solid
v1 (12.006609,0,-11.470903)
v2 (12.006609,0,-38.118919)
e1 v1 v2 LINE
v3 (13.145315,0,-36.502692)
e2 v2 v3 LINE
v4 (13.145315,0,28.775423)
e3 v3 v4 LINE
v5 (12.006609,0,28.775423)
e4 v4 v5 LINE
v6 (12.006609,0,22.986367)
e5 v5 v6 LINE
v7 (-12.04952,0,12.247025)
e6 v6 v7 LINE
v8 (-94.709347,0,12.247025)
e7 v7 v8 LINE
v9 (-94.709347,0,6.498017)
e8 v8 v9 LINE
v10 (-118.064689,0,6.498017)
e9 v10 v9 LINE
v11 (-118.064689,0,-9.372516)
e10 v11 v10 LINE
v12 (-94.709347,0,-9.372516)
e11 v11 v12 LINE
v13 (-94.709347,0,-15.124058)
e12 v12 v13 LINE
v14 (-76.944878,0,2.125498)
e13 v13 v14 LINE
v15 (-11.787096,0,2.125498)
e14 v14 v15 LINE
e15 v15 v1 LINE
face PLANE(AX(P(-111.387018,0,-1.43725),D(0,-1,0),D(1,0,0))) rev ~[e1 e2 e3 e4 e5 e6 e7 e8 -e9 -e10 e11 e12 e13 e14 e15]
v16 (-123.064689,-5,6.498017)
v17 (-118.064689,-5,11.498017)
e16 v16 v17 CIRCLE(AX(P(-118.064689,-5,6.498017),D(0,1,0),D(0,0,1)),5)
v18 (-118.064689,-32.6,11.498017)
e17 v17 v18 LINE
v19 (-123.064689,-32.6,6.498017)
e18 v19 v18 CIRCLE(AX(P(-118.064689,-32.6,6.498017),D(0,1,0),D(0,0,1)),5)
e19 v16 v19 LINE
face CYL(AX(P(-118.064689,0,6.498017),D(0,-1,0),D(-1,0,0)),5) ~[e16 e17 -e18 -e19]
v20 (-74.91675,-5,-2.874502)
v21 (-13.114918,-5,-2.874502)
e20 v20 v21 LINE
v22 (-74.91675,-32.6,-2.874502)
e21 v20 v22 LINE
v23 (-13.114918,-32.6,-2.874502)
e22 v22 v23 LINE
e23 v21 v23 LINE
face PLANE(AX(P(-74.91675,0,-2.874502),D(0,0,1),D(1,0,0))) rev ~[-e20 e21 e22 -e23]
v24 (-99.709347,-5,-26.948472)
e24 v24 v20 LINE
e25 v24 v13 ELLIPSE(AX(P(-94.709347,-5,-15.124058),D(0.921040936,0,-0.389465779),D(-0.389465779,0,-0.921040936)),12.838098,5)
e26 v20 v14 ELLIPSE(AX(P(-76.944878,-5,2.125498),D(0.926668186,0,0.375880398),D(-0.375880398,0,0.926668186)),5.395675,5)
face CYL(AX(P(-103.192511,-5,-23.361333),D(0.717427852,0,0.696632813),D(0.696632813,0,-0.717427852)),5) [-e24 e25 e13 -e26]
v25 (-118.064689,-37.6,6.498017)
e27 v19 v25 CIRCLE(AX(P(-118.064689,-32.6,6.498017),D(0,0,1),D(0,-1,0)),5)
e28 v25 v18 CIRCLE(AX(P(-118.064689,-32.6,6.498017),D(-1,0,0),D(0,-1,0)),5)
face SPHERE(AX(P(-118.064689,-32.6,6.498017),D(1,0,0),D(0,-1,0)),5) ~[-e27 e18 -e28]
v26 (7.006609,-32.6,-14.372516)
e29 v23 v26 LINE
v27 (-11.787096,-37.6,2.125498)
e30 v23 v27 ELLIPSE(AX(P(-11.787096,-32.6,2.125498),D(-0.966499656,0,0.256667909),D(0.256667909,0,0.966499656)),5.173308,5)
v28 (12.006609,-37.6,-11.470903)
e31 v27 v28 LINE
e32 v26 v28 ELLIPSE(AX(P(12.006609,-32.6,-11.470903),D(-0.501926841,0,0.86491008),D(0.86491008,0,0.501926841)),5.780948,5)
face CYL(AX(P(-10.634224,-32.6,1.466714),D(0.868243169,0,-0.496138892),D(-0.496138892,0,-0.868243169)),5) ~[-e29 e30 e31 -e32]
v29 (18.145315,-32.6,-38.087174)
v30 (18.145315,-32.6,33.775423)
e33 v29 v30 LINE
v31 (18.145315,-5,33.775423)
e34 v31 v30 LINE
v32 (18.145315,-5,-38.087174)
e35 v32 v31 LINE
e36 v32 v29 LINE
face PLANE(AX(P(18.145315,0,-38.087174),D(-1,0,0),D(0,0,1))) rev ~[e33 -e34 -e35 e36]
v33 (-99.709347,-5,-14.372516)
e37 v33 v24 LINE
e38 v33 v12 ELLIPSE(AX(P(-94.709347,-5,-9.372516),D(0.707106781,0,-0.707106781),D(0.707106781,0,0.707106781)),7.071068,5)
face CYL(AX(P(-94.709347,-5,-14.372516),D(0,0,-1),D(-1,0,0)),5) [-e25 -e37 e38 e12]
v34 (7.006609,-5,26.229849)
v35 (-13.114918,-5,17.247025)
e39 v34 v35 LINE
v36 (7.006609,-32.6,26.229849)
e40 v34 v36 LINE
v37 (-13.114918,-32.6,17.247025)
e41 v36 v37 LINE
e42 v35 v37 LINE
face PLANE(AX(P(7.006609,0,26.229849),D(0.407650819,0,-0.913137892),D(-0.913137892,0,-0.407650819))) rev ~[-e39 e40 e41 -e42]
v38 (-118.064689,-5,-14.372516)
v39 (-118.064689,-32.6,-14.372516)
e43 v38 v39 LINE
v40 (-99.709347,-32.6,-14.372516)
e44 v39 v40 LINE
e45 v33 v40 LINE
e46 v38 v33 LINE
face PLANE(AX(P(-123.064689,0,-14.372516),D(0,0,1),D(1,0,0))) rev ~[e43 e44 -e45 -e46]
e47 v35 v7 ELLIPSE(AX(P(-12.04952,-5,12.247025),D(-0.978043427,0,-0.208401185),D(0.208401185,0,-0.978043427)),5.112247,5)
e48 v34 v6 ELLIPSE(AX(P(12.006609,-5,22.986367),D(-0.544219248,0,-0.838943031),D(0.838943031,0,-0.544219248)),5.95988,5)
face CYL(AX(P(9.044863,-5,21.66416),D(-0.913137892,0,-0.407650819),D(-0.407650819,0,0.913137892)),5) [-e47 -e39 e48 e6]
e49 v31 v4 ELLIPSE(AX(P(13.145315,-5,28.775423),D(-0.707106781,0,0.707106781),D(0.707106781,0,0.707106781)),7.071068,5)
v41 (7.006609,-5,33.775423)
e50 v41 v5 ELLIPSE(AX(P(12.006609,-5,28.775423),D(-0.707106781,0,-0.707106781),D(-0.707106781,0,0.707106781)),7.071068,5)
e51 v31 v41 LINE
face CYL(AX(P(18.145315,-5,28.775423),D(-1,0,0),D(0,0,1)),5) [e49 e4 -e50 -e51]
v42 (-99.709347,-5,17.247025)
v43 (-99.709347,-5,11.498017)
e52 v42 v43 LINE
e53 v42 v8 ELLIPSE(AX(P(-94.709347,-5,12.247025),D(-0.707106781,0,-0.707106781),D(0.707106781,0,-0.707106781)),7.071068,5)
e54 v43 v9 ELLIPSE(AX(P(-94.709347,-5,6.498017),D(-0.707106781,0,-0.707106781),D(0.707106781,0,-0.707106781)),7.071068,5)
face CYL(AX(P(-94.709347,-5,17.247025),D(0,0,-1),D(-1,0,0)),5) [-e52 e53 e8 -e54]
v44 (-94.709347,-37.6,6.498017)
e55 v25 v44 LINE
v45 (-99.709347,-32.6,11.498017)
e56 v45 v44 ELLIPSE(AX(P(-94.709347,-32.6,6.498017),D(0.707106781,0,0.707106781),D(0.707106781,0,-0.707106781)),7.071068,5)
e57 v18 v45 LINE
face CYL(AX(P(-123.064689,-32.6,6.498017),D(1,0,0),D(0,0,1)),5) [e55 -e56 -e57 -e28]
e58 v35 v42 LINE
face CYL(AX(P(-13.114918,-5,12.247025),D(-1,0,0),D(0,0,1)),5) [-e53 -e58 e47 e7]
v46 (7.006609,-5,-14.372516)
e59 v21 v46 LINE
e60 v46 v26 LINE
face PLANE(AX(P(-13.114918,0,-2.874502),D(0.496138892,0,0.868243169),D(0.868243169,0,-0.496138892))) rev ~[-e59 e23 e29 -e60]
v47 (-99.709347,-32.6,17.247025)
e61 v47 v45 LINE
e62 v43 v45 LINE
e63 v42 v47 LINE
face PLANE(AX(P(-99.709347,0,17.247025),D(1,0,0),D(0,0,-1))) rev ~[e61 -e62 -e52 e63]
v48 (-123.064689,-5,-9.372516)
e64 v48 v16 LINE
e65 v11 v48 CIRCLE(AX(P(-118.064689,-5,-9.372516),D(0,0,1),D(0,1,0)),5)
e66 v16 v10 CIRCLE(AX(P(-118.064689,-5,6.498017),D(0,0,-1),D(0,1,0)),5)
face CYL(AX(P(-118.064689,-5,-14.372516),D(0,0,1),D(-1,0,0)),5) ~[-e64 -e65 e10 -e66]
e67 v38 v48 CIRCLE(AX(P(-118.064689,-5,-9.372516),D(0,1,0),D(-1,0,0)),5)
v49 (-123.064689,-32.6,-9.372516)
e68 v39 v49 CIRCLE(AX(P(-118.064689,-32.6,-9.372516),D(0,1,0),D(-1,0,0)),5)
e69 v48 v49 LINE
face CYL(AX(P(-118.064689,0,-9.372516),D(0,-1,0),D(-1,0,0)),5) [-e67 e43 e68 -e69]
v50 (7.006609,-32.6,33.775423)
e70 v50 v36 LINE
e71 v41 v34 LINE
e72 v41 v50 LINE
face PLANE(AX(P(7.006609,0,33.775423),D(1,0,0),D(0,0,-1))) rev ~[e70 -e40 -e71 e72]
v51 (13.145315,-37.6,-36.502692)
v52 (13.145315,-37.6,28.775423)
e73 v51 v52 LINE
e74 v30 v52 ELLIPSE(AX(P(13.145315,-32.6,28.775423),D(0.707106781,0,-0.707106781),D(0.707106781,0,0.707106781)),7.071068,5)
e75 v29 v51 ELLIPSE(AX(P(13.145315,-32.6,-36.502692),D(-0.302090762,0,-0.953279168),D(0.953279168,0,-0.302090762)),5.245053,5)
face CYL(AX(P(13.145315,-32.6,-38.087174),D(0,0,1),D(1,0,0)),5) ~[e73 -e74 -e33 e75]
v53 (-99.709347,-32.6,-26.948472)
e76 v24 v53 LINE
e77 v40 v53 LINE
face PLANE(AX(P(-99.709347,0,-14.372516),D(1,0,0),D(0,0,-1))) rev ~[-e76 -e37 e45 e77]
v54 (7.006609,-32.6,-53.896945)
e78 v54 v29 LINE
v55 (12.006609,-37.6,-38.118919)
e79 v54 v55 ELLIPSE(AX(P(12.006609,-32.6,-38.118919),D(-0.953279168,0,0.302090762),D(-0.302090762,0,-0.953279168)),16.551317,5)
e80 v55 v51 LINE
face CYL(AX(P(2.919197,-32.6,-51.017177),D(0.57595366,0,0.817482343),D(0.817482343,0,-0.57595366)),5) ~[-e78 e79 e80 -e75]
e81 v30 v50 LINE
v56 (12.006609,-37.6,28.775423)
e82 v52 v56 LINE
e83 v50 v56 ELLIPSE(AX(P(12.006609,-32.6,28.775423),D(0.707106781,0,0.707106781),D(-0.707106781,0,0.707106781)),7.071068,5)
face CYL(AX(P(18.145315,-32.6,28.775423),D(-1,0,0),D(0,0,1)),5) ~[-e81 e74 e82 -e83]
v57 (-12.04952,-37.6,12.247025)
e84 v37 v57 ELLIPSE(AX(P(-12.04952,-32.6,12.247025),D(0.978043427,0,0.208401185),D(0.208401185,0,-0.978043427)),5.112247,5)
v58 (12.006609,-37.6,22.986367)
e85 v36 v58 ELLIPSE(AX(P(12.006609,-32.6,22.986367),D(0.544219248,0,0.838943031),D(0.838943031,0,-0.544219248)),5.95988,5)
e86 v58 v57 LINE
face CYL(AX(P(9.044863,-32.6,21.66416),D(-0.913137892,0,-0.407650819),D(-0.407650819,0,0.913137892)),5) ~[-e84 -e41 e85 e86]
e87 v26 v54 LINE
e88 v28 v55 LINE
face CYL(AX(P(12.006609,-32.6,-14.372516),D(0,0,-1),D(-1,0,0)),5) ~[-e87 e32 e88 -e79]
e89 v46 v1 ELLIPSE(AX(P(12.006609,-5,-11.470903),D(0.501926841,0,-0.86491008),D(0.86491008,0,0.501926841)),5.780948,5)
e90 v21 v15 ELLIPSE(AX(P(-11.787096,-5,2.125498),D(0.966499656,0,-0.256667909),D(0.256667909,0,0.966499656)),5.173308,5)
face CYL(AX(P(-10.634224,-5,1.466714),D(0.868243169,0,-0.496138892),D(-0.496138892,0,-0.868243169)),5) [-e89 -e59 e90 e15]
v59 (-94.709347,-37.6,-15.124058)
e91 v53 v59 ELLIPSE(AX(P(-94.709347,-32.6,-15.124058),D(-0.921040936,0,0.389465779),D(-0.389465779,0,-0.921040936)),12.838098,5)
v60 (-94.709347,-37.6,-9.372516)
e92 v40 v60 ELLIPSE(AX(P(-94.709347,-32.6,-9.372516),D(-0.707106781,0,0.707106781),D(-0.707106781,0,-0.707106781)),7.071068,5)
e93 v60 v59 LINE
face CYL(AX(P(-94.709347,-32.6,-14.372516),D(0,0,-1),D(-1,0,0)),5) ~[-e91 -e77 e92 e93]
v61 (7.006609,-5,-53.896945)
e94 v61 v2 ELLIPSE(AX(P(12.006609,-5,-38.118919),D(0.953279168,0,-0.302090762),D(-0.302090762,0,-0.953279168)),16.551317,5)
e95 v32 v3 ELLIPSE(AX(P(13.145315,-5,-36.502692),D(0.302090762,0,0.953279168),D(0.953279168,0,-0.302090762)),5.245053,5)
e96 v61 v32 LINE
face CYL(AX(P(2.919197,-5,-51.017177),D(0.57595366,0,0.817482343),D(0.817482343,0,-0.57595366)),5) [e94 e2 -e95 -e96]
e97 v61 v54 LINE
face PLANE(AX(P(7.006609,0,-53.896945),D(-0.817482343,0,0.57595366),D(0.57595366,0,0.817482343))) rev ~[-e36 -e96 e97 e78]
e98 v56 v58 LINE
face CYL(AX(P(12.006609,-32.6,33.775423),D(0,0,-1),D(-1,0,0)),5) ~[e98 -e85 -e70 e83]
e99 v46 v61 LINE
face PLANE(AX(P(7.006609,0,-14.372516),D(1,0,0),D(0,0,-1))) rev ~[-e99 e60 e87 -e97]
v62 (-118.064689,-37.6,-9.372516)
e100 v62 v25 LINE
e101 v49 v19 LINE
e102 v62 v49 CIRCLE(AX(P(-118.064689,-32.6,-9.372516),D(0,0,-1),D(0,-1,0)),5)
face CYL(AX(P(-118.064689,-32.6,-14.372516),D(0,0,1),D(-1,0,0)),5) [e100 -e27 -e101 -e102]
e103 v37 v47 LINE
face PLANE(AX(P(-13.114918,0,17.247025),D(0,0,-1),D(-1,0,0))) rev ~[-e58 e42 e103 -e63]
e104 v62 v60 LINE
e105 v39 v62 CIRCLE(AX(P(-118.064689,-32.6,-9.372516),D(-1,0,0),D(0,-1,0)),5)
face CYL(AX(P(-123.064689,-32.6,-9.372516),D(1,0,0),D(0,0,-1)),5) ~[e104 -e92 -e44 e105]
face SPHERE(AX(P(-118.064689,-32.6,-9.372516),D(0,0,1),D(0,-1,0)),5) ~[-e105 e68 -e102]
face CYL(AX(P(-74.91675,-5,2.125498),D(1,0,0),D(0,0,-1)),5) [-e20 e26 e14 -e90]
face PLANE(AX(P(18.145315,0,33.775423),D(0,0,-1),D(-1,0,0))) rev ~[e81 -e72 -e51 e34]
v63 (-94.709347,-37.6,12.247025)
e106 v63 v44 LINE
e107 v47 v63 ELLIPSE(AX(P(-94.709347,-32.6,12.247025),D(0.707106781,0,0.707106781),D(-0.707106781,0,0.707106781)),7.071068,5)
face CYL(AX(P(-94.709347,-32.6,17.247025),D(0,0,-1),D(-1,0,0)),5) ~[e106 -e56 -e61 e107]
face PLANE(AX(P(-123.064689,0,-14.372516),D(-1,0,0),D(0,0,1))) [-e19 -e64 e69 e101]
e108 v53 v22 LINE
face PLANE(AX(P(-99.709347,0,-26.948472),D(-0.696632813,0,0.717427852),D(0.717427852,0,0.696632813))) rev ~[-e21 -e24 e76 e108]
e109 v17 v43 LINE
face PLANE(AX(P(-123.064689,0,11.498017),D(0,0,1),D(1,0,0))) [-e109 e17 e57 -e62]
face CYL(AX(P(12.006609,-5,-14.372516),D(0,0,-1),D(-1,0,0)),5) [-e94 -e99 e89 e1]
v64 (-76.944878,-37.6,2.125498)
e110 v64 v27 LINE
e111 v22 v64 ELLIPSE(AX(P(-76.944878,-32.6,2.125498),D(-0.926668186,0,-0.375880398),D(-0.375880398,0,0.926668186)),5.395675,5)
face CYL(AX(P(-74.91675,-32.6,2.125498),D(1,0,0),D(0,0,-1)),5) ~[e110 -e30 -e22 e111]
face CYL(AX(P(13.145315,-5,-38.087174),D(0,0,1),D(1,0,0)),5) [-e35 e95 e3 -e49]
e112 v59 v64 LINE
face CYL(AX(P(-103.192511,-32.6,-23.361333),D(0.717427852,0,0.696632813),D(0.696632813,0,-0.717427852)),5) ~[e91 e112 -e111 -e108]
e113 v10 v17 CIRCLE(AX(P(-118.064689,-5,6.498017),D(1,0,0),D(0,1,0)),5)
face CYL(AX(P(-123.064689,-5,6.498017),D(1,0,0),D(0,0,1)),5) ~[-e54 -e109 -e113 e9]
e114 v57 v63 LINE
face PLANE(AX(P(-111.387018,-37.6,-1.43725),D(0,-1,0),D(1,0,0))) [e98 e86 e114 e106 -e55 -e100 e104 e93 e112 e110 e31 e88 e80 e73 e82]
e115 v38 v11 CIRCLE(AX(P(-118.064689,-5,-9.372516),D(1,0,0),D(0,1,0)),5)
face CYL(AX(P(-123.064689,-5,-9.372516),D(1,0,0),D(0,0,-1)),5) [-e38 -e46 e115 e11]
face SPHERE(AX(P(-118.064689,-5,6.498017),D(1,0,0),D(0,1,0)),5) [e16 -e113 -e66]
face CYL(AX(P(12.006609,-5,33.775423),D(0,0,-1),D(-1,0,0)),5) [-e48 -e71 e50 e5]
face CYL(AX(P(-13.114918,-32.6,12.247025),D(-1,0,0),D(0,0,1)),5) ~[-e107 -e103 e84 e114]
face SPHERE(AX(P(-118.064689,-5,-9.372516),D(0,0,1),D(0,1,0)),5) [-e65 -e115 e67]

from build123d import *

# Parameters (mm, degrees)
F0_W     = 23.355342
F0_H     = 25.870533
F1_DEPTH = 37.6
F2_R     = 5


with BuildPart() as f1:
    # F0 (on Front) → F1 (new body)
    with BuildSketch(Plane.XZ):
        with Locations((-111.387018, -1.43725)):
            Rectangle(F0_W, F0_H)
        Polygon((-99.709347, 17.247025), (-99.709347, 11.498017), (-99.709347, -14.372516), (-99.709347, -26.948472), (-74.91675, -2.874502), (-13.114918, -2.874502), (7.006609, -14.372516), (7.006609, -53.896945), (18.145315, -38.087174), (18.145315, 33.775423), (7.006609, 33.775423), (7.006609, 26.229849), (-13.114918, 17.247025), align=None)
    extrude(amount=F1_DEPTH)

    # F2
    f2_edges = [f1.edges().sort_by_distance(p)[0] for p in [
        (-99.709347, -37.6, -20.660494),
        (-87.313049, -37.6, -14.911487),
        (-44.015834, -37.6, -2.874502),
        (-3.054155, -37.6, -8.623509),
        (7.006609, -37.6, -34.134731),
        (12.575962, -37.6, -45.99206),
        (18.145315, -37.6, -2.155876),
        (12.575962, -37.6, 33.775423),
        (7.006609, -37.6, 30.002636),
        (-3.054155, -37.6, 21.738437),
        (-56.412132, -37.6, 17.247025),
        (-99.709347, -37.6, 14.372521),
        (-111.387018, -37.6, 11.498017),
        (-123.064689, -37.6, -1.43725),
        (-111.387018, -37.6, -14.372516),
        (-99.709347, 0, 14.372521),
        (-111.387018, 0, 11.498017),
        (-123.064689, 0, -1.43725),
        (-111.387018, 0, -14.372516),
        (-99.709347, 0, -20.660494),
        (-87.313049, 0, -14.911487),
        (-44.015834, 0, -2.874502),
        (-3.054155, 0, -8.623509),
        (7.006609, 0, -34.134731),
        (12.575962, 0, -45.99206),
        (18.145315, 0, -2.155876),
        (12.575962, 0, 33.775423),
        (7.006609, 0, 30.002636),
        (-3.054155, 0, 21.738437),
        (-56.412132, 0, 17.247025),
        (-123.064689, -18.8, 11.498017),
        (-123.064689, -18.8, -14.372516),
    ]]
    fillet(f2_edges, radius=F2_R)


solid = f1.part
